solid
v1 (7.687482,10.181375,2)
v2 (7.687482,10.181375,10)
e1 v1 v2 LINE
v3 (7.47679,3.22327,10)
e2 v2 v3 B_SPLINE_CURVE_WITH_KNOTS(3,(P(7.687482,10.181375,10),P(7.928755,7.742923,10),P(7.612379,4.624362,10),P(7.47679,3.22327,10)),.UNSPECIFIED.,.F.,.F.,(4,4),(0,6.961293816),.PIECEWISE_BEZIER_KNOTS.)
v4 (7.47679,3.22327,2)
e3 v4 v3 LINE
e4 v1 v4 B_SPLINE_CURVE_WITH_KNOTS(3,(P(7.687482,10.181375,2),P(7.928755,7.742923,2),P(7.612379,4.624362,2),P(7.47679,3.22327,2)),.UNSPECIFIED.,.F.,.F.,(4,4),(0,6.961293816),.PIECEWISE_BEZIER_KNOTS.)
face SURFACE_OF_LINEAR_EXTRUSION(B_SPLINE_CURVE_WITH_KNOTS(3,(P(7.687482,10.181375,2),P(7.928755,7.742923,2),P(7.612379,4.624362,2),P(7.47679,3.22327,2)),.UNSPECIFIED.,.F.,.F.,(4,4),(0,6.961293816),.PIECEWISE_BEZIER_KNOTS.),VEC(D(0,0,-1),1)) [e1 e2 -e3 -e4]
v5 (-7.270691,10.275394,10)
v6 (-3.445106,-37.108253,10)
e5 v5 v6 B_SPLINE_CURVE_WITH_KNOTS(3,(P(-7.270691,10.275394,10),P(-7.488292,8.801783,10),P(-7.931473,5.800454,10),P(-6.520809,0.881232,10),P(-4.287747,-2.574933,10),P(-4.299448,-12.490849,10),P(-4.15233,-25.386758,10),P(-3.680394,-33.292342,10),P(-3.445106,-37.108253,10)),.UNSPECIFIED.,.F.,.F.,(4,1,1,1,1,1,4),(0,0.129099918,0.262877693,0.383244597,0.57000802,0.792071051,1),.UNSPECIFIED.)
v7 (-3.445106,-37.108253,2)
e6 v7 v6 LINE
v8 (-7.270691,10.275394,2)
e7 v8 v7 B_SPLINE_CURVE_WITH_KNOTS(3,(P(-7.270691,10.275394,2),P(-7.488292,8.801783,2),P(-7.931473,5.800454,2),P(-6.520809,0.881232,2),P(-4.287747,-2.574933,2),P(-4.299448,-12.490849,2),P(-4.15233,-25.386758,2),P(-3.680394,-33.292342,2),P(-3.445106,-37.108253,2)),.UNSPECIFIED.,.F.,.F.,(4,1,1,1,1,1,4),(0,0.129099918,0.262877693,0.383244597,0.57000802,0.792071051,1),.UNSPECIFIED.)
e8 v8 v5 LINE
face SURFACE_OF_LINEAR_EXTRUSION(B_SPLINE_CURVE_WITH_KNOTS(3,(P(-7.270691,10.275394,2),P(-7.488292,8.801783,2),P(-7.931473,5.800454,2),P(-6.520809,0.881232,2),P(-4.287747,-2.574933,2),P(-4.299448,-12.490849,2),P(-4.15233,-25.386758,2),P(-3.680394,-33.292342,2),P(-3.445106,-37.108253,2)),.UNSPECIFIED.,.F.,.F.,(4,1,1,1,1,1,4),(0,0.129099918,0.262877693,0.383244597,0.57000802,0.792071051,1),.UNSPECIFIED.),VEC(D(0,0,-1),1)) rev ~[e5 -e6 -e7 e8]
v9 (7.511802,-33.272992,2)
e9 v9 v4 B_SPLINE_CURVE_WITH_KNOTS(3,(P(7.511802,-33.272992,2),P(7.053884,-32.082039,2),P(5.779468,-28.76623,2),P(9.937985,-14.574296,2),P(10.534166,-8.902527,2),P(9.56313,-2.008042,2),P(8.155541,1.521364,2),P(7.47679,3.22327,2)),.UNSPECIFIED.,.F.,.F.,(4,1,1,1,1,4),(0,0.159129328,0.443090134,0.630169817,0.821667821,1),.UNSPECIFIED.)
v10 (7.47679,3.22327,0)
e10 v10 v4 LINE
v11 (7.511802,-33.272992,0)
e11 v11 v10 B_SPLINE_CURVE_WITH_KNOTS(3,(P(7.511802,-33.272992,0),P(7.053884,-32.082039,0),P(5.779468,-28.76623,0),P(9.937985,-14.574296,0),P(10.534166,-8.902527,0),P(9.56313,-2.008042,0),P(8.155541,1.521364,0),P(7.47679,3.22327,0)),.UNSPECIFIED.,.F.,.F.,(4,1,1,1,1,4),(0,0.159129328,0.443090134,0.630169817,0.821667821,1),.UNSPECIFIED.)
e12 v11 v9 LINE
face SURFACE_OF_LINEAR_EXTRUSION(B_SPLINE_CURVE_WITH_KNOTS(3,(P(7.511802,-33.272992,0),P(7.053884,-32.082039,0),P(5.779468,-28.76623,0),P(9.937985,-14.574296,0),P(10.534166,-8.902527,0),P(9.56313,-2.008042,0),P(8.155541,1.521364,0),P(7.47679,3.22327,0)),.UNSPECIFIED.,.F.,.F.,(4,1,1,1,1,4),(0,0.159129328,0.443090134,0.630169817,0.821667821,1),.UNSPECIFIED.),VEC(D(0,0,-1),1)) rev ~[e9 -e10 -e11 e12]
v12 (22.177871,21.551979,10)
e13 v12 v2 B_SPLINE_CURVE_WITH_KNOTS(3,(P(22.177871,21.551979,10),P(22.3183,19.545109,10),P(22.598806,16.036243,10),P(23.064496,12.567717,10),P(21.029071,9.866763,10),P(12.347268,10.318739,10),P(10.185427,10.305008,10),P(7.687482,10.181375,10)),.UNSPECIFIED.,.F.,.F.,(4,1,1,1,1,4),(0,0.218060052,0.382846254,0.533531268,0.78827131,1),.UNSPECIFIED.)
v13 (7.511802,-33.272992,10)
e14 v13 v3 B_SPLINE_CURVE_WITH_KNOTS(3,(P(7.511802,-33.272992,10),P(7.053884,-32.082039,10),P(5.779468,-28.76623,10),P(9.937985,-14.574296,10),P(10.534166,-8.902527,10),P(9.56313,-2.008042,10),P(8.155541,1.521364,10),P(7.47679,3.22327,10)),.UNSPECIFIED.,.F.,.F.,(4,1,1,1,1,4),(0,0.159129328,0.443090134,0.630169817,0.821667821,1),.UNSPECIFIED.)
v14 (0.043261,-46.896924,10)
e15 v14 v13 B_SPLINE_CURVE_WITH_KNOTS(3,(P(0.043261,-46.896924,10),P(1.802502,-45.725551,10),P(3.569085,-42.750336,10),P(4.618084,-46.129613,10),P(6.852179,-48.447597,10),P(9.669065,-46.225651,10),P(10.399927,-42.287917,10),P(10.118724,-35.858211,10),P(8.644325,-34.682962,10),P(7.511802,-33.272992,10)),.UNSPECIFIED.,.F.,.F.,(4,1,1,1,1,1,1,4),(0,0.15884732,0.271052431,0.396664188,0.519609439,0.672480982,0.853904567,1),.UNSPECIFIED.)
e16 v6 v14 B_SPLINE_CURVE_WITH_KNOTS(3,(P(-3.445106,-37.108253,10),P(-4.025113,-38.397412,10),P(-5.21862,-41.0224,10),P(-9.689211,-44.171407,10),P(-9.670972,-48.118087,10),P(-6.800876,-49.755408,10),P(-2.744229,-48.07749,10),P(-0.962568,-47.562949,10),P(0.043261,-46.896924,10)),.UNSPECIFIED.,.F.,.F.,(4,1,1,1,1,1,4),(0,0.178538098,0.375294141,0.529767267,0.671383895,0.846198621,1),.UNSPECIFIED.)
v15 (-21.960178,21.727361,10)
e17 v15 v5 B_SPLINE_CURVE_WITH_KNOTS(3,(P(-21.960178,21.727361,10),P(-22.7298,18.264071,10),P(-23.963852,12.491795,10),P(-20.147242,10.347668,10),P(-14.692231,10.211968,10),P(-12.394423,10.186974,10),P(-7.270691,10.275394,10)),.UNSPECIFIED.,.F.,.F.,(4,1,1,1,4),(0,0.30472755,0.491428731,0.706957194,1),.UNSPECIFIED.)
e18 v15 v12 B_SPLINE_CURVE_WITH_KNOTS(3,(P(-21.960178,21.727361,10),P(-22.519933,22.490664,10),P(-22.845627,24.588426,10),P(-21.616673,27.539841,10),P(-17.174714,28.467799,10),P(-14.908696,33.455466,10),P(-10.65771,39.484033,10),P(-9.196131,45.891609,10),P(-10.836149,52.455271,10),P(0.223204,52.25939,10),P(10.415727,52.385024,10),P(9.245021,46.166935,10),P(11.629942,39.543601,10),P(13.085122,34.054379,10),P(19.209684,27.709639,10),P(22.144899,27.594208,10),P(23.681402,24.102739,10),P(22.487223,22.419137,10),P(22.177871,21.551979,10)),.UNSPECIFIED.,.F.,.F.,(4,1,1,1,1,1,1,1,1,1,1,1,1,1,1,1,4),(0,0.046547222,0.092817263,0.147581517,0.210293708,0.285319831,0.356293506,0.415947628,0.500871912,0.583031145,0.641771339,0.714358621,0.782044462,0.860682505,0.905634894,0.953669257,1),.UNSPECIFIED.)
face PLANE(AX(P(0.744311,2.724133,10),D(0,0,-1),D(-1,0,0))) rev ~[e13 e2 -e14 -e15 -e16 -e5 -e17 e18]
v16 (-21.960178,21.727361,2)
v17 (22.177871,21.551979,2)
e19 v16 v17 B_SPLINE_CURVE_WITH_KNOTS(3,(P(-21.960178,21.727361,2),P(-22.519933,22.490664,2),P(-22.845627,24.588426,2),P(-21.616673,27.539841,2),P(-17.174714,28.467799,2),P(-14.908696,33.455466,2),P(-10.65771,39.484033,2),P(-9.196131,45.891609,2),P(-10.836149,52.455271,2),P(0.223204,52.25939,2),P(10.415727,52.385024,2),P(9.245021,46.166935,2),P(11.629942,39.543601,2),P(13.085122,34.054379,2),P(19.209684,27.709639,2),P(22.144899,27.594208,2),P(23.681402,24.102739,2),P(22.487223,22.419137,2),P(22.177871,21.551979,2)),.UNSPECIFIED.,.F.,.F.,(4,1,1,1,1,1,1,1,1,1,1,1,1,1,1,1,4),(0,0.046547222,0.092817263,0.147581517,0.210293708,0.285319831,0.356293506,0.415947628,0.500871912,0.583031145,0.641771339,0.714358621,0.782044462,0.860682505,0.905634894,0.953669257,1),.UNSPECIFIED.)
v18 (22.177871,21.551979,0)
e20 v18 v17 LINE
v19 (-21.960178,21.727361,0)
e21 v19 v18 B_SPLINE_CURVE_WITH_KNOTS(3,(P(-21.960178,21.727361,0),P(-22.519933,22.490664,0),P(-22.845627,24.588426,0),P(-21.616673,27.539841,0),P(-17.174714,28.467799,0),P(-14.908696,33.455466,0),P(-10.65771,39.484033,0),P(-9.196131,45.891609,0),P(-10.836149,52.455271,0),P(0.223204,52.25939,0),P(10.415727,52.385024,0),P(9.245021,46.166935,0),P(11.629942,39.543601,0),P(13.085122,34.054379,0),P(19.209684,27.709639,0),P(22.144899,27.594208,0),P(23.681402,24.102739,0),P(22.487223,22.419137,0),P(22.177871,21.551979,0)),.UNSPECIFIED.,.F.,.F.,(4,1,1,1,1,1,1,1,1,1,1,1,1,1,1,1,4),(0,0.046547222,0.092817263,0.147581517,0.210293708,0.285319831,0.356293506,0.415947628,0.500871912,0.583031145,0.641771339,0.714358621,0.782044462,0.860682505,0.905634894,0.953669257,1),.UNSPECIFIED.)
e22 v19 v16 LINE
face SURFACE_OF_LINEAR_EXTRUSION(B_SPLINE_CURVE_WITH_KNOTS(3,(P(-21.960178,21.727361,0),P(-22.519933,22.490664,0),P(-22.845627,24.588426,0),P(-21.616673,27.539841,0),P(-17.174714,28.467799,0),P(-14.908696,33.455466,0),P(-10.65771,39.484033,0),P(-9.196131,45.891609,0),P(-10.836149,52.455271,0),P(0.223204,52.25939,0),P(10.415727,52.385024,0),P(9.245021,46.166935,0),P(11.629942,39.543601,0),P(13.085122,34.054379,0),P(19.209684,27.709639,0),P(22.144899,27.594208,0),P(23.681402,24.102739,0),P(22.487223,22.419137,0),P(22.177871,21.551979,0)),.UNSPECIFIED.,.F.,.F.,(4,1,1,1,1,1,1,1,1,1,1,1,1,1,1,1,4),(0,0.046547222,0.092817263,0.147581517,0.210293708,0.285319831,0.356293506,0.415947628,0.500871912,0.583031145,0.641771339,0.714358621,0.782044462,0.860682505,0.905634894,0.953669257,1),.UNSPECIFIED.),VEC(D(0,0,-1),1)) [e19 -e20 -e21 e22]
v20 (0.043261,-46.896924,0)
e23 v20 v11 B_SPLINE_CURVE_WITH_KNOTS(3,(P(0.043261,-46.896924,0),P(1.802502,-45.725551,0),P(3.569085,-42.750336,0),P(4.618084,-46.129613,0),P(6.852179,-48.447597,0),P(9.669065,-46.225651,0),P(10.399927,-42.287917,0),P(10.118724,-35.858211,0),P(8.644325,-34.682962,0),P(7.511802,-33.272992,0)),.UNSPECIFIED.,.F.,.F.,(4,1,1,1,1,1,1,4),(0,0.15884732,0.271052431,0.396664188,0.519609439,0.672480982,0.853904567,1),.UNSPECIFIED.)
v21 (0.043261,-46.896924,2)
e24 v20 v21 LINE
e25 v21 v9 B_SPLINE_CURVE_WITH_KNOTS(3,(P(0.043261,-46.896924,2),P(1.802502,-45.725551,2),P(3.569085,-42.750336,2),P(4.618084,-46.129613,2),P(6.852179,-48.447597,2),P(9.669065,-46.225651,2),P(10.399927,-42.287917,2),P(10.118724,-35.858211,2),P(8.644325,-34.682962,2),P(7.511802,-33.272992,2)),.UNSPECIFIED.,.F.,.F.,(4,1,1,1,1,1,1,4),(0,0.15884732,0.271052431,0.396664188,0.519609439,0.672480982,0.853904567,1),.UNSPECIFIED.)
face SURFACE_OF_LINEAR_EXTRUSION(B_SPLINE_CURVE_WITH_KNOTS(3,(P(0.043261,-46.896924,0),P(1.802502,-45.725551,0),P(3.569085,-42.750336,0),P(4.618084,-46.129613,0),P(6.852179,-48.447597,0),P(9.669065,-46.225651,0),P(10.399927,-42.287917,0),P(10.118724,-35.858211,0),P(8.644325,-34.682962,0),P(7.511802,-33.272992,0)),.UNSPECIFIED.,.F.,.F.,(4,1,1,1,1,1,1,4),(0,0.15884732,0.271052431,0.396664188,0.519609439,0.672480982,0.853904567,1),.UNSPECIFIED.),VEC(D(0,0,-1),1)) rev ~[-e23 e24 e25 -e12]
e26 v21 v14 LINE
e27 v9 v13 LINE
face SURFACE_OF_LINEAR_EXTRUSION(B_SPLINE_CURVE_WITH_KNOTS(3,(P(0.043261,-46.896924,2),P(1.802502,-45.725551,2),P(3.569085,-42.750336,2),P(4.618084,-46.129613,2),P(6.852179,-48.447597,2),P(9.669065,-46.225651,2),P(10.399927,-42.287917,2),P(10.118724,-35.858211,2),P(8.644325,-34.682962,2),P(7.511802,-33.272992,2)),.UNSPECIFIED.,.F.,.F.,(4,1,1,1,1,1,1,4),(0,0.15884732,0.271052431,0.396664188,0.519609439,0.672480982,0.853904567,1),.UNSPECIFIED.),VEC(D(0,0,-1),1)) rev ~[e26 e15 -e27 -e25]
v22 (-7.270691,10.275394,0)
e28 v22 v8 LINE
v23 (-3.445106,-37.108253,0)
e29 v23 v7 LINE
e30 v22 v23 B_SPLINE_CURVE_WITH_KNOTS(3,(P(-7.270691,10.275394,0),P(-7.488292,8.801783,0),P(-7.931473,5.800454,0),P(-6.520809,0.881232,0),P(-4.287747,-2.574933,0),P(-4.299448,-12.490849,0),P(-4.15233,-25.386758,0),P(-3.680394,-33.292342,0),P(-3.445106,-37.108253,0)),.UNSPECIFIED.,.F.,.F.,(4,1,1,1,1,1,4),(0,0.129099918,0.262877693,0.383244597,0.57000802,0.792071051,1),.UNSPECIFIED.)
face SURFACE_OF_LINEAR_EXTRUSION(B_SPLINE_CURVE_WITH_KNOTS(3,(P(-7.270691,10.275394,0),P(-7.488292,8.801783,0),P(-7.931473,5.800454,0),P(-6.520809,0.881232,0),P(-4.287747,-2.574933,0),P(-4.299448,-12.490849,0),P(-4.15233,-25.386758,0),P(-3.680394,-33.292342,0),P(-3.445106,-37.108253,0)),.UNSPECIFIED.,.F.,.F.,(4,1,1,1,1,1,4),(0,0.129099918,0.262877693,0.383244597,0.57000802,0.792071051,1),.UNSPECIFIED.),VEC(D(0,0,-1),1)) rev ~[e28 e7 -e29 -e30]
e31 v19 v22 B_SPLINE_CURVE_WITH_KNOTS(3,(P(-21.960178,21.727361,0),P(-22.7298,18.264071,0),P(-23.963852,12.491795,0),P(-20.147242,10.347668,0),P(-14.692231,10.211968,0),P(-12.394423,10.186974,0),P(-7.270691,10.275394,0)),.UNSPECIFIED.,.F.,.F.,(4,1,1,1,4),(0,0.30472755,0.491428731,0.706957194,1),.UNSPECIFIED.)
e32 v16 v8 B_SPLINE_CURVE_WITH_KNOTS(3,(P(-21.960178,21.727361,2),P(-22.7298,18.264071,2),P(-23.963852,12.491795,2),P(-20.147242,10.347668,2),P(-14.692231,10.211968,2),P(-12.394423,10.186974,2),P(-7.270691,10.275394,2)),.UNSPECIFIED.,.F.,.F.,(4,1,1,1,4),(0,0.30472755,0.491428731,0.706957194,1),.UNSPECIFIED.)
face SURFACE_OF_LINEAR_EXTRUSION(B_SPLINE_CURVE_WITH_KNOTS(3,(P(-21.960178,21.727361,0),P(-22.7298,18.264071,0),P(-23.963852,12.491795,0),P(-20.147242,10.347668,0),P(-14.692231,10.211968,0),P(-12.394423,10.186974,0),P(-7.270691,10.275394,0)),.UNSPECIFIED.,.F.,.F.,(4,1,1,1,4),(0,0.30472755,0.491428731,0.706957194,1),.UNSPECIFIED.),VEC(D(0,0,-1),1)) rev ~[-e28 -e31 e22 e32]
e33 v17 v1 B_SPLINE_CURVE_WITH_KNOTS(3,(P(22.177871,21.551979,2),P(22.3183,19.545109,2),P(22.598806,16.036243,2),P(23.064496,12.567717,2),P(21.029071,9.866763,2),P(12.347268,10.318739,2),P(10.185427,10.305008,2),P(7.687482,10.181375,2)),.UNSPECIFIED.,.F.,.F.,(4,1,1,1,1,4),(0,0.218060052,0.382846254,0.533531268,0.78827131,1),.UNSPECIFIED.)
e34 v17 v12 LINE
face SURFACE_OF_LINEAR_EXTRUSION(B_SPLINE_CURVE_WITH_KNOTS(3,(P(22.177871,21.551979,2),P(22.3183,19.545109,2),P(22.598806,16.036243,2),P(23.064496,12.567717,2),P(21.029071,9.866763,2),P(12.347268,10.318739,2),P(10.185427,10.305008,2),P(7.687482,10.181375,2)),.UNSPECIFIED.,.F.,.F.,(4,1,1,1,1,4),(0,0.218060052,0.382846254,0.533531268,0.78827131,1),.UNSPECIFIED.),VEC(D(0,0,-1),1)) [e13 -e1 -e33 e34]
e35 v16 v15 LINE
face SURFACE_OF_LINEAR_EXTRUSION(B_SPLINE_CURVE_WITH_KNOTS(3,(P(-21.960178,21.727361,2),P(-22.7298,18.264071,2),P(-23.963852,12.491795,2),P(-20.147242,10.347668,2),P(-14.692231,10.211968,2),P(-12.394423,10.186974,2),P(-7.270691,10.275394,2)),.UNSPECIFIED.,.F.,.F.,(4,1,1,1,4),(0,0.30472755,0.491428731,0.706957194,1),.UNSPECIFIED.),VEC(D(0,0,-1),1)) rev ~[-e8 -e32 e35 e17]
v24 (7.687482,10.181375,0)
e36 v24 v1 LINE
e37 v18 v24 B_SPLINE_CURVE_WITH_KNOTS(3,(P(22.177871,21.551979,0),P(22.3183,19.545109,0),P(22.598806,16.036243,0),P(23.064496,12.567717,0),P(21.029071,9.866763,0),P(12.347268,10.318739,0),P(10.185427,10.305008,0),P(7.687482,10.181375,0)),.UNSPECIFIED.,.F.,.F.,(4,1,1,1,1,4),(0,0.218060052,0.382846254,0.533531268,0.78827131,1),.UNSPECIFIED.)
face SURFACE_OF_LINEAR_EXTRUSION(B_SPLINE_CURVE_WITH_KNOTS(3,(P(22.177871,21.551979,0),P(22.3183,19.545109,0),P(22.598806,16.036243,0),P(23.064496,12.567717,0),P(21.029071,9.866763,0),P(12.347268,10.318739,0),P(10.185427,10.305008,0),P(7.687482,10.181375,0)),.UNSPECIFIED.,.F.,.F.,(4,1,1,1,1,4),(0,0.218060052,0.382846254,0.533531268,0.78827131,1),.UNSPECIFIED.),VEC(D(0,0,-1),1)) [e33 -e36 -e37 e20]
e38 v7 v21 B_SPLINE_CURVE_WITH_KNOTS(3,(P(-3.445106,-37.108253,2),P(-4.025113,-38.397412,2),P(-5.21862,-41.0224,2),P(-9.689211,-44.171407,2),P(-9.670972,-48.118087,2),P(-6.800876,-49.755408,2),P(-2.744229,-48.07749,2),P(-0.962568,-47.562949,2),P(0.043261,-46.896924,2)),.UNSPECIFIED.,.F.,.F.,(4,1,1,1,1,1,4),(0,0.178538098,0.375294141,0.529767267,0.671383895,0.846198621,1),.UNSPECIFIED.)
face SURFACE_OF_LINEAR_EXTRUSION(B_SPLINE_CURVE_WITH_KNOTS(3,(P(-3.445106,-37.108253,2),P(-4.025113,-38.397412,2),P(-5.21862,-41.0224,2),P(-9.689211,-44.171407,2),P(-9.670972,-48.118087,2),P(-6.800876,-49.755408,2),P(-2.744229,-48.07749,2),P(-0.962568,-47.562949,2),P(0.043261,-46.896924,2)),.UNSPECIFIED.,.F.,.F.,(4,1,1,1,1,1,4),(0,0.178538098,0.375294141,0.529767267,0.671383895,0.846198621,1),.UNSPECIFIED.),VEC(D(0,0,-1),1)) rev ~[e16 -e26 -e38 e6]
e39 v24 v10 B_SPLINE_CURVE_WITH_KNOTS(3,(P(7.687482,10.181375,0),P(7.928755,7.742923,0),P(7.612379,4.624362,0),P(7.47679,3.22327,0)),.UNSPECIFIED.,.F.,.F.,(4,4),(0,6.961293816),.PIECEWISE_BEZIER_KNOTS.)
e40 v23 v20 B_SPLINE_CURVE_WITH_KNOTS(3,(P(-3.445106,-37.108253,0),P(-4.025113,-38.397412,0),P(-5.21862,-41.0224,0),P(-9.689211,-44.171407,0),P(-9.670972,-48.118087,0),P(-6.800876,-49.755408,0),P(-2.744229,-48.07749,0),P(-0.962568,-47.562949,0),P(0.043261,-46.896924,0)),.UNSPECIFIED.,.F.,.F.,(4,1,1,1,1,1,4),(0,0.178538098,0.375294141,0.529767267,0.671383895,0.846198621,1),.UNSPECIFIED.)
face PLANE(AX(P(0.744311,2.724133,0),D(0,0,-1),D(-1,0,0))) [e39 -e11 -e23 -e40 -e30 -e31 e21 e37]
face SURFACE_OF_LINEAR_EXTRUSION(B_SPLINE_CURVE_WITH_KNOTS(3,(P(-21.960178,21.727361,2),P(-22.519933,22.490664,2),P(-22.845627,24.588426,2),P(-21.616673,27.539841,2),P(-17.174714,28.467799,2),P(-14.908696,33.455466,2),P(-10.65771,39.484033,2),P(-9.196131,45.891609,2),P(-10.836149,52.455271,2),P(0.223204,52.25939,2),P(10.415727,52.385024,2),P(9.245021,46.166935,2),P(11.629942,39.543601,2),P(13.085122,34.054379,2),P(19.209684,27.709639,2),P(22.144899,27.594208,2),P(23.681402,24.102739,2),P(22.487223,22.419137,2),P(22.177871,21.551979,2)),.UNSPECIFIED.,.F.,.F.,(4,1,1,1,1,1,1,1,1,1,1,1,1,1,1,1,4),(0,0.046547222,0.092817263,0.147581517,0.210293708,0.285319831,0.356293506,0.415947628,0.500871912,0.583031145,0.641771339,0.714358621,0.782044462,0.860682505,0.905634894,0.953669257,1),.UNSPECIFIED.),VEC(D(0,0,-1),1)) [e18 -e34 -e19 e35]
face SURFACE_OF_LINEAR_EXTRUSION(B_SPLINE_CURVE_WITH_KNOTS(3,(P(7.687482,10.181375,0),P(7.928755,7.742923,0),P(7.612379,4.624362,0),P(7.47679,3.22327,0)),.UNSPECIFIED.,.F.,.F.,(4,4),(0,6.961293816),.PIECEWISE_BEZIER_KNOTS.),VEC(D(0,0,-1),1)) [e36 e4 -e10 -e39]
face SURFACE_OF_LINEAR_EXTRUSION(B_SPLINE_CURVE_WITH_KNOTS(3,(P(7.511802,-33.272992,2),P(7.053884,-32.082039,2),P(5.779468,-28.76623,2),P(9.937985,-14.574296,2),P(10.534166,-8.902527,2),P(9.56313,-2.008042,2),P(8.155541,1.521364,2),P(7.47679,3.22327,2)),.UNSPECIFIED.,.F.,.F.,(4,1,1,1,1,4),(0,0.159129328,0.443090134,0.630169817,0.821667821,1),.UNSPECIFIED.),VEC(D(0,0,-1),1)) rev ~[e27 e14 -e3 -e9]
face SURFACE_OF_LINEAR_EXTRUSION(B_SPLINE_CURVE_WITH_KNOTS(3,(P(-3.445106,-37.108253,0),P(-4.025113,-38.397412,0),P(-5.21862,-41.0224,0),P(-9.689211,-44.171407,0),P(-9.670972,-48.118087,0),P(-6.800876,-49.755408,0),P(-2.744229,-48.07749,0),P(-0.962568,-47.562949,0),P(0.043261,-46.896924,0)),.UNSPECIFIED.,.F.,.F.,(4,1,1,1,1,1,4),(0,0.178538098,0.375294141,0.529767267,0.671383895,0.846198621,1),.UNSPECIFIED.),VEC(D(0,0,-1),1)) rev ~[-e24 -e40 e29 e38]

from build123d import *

# Parameters (mm, degrees)
F1_DEPTH = 2
F2_DEPTH = 8


with BuildPart() as f1:
    # F0 (on Top) → F1 (new body)
    with BuildSketch(Plane.XY):
        with BuildLine():
            add(Edge.make_bspline(
                [(-21.9601780476, 21.7273614056), (-22.5199328615, 22.490663816), (-22.8456270193, 24.5884257388), (-21.6166726877, 27.5398413538), (-17.1747143365, 28.4677989271), (-14.9086959262, 33.4554656469), (-10.6577097465, 39.4840333457), (-9.1961307993, 45.8916089998), (-10.8361490488, 52.4552705068), (0.2232041929, 52.2593901581), (10.4157267707, 52.3850236525), (9.2450210849, 46.1669349643), (11.6299415442, 39.5436010539), (13.0851221853, 34.0543793518), (19.209683744, 27.7096388178), (22.1448986555, 27.5942078049), (23.6814016564, 24.1027385786), (22.4872232824, 22.4191366718), (22.1778707599, 21.5519788814)],
                knots=[0, 0, 0, 0, 0.0465472219, 0.0928172635, 0.1475815165, 0.2102937078, 0.2853198308, 0.3562935064, 0.4159476282, 0.5008719116, 0.583031145, 0.6417713387, 0.7143586213, 0.7820444618, 0.8606825053, 0.9056348937, 0.9536692573, 1, 1, 1, 1], degree=3))
            add(Edge.make_bspline(
                [(-21.9601780476, 21.7273614056), (-22.7297995382, 18.2640710276), (-23.9638521537, 12.4917953087), (-20.1472419364, 10.3476683816), (-14.692231287, 10.2119675219), (-12.3944232373, 10.1869736897), (-7.2706906924, 10.2753935483)],
                knots=[0, 0, 0, 0, 0.3047275496, 0.491428731, 0.7069571942, 1, 1, 1, 1], degree=3))
            add(Edge.make_bspline(
                [(-7.2706906924, 10.2753935483), (-7.4882917023, 8.8017825217), (-7.9314727969, 5.8004540876), (-6.5208093591, 0.8812316713), (-4.2877474895, -2.5749330874), (-4.2994475526, -12.4908491812), (-4.152330147, -25.3867576598), (-3.6803941314, -33.2923422088), (-3.4451060505, -37.1082534838)],
                knots=[0, 0, 0, 0, 0.129099918, 0.2628776933, 0.3832445972, 0.5700080199, 0.7920710507, 1, 1, 1, 1], degree=3))
            add(Edge.make_bspline(
                [(-3.4451060505, -37.1082534838), (-4.0251125209, -38.3974121871), (-5.2186202808, -41.0224004778), (-9.6892113938, -44.1714074678), (-9.6709720081, -48.1180873248), (-6.8008756979, -49.7554081483), (-2.7442286402, -48.0774899854), (-0.9625679986, -47.5629493594), (0.04326082, -46.8969242376)],
                knots=[0, 0, 0, 0, 0.1785380984, 0.3752941412, 0.529767267, 0.6713838947, 0.8461986209, 1, 1, 1, 1], degree=3))
            add(Edge.make_bspline(
                [(0.04326082, -46.8969242376), (1.8025020322, -45.7255514797), (3.569085296, -42.7503355339), (4.6180839434, -46.1296125804), (6.8521786337, -48.4475965412), (9.6690648797, -46.2256513915), (10.399927397, -42.2879169372), (10.118723971, -35.8582112631), (8.6443252402, -34.6829616335), (7.5118020622, -33.2729919302)],
                knots=[0, 0, 0, 0, 0.1588473198, 0.2710524306, 0.3966641884, 0.5196094386, 0.6724809821, 0.8539045667, 1, 1, 1, 1], degree=3))
            add(Edge.make_bspline(
                [(7.5118020622, -33.2729919302), (7.0538841714, -32.0820390191), (5.7794684713, -28.7662302531), (9.9379851403, -14.5742957717), (10.5341664441, -8.9025272277), (9.5631302418, -2.0080416865), (8.1555412513, 1.5213635483), (7.4767898768, 3.2232701778)],
                knots=[0, 0, 0, 0, 0.1591293282, 0.4430901342, 0.6301698167, 0.8216678215, 1, 1, 1, 1], degree=3))
            add(Edge.make_bspline(
                [(7.6874815859, 10.1813748479), (7.9287551343, 7.7429227531), (7.6123792678, 4.6243621036), (7.4767898768, 3.2232701778)],
                knots=[0, 0, 0, 0, 6.9612938162, 6.9612938162, 6.9612938162, 6.9612938162], degree=3))
            add(Edge.make_bspline(
                [(22.1778707599, 21.5519788814), (22.3183004908, 19.5451088885), (22.5988055277, 16.0362430796), (23.0644958653, 12.5677166472), (21.0290706988, 9.866763464), (12.347267691, 10.3187386701), (10.1854266967, 10.3050081671), (7.6874815859, 10.1813748479)],
                knots=[0, 0, 0, 0, 0.2180600518, 0.3828462538, 0.5335312684, 0.7882713104, 1, 1, 1, 1], degree=3))
        make_face()
    extrude(amount=F1_DEPTH)

    # F2 (add): a face of the model
    f2_faces = [f1.faces().sort_by_distance(p)[0] for p in [
        (0.631541677, 10.4713930495, 2),
    ]]
    extrude(f2_faces, amount=F2_DEPTH)


solid = f1.part
